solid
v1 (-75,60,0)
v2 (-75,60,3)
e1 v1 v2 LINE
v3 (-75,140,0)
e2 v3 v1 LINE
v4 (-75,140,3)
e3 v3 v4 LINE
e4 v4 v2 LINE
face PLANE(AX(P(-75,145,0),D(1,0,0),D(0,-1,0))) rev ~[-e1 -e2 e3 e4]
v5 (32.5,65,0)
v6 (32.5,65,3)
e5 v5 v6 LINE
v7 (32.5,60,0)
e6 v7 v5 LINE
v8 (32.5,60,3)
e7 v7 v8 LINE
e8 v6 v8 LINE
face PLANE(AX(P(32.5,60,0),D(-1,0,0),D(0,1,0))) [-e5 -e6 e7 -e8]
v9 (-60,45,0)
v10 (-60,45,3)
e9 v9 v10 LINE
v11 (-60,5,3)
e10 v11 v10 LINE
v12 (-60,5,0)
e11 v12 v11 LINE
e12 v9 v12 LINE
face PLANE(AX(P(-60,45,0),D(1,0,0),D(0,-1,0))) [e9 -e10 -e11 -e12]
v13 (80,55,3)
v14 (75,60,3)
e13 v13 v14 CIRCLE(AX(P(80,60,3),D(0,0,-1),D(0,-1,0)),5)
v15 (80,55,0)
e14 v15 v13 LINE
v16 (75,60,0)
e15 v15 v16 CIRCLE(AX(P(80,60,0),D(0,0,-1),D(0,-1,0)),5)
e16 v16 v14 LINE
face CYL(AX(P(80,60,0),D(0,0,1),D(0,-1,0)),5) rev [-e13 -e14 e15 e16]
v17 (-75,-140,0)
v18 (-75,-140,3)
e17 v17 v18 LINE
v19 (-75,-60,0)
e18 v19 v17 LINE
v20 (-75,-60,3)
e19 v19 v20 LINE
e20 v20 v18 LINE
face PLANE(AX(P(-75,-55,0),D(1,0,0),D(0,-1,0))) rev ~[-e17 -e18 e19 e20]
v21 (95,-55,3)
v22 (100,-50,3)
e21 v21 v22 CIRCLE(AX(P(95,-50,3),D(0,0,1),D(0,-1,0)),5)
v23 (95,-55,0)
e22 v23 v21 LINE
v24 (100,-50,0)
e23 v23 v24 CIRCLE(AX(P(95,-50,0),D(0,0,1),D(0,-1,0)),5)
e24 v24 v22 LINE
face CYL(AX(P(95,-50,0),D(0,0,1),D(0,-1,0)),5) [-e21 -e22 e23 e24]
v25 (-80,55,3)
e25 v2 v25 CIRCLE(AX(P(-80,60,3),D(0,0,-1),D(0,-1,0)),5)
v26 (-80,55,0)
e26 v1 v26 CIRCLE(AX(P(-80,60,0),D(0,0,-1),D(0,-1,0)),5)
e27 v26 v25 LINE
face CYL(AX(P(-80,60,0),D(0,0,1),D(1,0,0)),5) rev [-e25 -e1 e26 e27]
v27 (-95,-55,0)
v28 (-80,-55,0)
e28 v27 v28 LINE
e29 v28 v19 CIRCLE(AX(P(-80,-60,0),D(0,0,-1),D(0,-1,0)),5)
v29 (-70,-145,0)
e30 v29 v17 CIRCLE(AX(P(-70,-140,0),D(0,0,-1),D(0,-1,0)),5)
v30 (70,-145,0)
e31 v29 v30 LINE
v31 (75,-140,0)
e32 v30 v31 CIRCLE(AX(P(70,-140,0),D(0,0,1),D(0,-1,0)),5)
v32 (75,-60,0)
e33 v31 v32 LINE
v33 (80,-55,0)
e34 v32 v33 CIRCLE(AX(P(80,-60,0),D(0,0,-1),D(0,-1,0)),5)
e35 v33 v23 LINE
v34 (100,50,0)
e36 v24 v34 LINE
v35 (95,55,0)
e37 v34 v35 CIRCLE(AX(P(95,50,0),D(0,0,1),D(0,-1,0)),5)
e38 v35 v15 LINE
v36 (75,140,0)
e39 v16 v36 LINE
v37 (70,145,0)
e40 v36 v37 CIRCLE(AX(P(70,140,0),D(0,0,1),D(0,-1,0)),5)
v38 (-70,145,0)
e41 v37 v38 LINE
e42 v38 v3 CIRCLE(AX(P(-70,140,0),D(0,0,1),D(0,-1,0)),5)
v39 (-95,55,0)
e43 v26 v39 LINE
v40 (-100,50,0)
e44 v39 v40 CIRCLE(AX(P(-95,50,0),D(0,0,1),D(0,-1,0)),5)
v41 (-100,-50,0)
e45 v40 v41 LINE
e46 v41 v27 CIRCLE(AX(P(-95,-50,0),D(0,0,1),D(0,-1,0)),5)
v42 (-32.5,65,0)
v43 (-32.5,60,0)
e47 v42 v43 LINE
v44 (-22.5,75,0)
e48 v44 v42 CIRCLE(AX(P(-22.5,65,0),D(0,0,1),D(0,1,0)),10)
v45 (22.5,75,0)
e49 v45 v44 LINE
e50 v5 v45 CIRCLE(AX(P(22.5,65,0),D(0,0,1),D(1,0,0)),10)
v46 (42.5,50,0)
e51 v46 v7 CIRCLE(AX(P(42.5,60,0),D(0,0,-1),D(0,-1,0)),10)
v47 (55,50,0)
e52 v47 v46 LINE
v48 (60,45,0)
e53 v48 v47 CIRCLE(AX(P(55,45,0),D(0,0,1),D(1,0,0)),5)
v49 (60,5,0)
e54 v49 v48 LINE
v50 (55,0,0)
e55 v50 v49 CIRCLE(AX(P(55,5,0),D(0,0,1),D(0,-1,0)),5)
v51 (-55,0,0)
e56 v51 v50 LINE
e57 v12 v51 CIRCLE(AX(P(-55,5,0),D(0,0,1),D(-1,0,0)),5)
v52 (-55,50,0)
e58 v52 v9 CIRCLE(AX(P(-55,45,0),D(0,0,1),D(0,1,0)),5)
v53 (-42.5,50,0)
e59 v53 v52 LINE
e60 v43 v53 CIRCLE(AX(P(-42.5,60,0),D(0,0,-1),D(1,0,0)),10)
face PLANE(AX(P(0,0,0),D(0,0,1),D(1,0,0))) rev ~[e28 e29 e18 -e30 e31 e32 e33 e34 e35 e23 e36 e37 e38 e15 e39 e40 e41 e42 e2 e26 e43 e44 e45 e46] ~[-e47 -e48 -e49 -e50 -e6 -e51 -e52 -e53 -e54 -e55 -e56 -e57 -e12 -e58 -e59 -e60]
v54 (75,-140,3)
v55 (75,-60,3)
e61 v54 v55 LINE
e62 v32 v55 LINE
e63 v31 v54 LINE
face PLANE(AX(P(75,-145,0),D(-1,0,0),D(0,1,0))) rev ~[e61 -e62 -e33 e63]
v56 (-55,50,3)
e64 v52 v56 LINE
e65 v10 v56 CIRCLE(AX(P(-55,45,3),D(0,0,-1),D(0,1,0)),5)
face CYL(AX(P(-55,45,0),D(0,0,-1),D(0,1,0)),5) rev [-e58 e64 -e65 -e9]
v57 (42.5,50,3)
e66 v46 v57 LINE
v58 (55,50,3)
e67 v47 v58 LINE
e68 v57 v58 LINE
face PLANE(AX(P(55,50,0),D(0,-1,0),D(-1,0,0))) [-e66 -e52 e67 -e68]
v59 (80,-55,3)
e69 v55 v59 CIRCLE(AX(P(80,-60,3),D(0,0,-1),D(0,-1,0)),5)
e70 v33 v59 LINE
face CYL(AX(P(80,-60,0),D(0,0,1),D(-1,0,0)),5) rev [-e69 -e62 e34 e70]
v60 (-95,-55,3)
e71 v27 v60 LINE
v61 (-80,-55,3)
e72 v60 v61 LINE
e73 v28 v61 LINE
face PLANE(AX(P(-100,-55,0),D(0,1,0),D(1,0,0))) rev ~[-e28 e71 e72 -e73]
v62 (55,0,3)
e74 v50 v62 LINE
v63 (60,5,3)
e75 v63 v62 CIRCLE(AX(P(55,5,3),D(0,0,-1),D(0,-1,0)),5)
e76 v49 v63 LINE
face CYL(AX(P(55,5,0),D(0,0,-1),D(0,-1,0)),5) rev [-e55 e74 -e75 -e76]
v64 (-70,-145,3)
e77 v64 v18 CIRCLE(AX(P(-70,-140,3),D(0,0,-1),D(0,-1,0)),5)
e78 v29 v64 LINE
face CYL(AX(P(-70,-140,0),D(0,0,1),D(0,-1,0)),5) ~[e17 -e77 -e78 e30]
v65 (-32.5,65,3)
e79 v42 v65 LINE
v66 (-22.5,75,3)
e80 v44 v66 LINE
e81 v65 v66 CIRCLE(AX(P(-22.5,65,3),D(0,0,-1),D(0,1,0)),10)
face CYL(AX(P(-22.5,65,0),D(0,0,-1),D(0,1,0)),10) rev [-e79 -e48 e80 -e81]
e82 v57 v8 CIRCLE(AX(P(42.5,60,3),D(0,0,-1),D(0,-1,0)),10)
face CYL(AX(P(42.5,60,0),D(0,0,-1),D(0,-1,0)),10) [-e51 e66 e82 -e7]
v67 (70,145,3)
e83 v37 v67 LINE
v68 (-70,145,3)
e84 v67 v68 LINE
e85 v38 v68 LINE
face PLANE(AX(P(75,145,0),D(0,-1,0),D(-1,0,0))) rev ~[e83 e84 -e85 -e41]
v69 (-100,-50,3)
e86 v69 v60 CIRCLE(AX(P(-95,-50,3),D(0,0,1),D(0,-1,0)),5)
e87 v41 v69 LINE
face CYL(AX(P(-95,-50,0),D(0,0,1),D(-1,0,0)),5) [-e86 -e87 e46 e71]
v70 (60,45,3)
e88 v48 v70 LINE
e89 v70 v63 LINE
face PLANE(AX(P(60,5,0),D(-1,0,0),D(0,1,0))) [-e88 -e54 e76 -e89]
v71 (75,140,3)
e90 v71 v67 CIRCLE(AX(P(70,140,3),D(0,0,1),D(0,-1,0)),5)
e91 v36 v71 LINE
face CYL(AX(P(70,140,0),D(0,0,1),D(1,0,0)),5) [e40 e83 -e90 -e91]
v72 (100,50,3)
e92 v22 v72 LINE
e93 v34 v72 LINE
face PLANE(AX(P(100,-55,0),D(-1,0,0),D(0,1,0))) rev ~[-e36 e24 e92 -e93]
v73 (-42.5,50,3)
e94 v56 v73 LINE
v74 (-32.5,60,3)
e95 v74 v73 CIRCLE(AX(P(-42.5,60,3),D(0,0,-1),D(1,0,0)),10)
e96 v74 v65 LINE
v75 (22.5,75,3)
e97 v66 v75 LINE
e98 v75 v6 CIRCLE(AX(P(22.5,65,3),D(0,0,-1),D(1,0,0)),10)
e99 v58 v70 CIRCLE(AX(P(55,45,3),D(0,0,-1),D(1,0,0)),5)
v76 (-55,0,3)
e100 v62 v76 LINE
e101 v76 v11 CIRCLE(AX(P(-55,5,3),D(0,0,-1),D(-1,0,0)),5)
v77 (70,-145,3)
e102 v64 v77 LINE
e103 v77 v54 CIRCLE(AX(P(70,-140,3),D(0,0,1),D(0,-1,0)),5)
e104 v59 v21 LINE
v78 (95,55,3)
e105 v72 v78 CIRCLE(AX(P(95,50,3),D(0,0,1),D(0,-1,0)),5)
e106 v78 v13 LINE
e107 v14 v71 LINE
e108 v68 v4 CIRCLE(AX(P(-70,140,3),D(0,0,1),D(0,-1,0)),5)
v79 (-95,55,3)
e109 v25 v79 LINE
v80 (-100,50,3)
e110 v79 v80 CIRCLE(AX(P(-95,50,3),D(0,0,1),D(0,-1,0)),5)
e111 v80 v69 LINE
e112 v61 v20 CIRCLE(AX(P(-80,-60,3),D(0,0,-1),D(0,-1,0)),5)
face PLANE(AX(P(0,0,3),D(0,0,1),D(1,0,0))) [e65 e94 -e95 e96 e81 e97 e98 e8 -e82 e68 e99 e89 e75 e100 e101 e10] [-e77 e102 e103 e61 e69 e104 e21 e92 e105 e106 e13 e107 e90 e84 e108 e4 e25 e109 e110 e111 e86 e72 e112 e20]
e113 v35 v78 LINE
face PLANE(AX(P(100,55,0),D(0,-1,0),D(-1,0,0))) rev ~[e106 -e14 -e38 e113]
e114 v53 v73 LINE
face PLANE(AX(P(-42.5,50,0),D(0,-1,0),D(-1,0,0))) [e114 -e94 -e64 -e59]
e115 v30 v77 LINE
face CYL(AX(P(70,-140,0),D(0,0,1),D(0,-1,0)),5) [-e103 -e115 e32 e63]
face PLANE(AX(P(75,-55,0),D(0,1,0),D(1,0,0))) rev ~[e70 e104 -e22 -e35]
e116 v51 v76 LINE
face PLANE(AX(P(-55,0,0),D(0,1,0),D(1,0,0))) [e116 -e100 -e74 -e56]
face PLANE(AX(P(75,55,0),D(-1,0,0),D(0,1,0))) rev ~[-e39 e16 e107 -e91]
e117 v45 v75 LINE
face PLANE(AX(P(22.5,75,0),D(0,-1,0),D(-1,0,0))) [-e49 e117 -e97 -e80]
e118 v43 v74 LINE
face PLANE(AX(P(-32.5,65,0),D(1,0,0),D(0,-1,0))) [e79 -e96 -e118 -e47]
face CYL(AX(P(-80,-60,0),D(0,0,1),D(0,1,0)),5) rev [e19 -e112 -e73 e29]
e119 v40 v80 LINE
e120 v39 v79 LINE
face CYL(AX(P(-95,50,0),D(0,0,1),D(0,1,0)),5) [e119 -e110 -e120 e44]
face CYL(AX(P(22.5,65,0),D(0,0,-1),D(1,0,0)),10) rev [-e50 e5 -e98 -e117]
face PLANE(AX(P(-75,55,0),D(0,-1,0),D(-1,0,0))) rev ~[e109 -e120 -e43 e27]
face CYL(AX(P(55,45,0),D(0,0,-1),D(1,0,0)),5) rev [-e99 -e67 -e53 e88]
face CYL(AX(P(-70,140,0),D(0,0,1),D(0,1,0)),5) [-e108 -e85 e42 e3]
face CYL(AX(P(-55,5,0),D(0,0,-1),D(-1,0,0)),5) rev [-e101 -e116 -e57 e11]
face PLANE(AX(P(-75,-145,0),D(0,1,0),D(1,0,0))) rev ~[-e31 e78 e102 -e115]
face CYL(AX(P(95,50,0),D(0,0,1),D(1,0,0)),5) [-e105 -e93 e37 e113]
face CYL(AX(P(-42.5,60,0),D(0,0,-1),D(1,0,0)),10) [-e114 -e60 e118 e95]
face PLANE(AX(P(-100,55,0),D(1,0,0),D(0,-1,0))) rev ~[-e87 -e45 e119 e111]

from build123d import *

# Parameters (mm, degrees)
BOSS_EXTRUDE1_DEPTH = 3
FILLET1_R           = 5
CUT_EXTRUDE8_DEPTH  = 177.164695669


with BuildPart() as part:
    # Sketch1 → Boss-Extrude1 (new body)
    with BuildSketch(Plane.XY):
        Polygon((-75, -145), (75, -145), (75, -55), (100, -55), (100, 55), (75, 55), (75, 145), (-75, 145), (-75, 55), (-100, 55), (-100, -55), (-75, -55), align=None)
    extrude(amount=BOSS_EXTRUDE1_DEPTH)

    # Fillet1
    fillet1_edges = [part.edges().sort_by_distance(p)[0] for p in [
        (-75, -55, 1.5),
        (-100, -55, 1.5),
        (-100, 55, 1.5),
        (-75, 55, 1.5),
        (-75, 145, 1.5),
        (75, 145, 1.5),
        (75, 55, 1.5),
        (100, 55, 1.5),
        (100, -55, 1.5),
        (75, -55, 1.5),
        (75, -145, 1.5),
        (-75, -145, 1.5),
    ]]
    fillet(fillet1_edges, radius=FILLET1_R)

    # Sketch13 → Cut-Extrude8 (cut, through all)
    with BuildSketch(Plane(origin=(0, 0, 0), x_dir=(-1, 0, 0), z_dir=(0, 0, -1))):
        with BuildLine():
            Line((-55, 50), (-42.5, 50))
            ThreePointArc((-42.5, 50), (-35.428932188, 52.928932188), (-32.5, 60))
            Line((-32.5, 60), (-32.5, 65))
            ThreePointArc((-32.5, 65), (-29.571067812, 72.071067812), (-22.5, 75))
            Line((-22.5, 75), (22.5, 75))
            ThreePointArc((22.5, 75), (29.571067812, 72.071067812), (32.5, 65))
            Line((32.5, 65), (32.5, 60))
            ThreePointArc((32.5, 60), (35.428932188, 52.928932188), (42.5, 50))
            Line((42.5, 50), (55, 50))
            ThreePointArc((55, 50), (58.535533906, 48.535533906), (60, 45))
            Line((60, 45), (60, 5))
            ThreePointArc((60, 5), (58.535533906, 1.464466094), (55, 0))
            Line((55, 0), (-55, 0))
            ThreePointArc((-55, 0), (-58.535533906, 1.464466094), (-60, 5))
            Line((-60, 5), (-60, 45))
            ThreePointArc((-60, 45), (-58.535533906, 48.535533906), (-55, 50))
        make_face()
    extrude(amount=-CUT_EXTRUDE8_DEPTH, mode=Mode.SUBTRACT)


solid = part.part
